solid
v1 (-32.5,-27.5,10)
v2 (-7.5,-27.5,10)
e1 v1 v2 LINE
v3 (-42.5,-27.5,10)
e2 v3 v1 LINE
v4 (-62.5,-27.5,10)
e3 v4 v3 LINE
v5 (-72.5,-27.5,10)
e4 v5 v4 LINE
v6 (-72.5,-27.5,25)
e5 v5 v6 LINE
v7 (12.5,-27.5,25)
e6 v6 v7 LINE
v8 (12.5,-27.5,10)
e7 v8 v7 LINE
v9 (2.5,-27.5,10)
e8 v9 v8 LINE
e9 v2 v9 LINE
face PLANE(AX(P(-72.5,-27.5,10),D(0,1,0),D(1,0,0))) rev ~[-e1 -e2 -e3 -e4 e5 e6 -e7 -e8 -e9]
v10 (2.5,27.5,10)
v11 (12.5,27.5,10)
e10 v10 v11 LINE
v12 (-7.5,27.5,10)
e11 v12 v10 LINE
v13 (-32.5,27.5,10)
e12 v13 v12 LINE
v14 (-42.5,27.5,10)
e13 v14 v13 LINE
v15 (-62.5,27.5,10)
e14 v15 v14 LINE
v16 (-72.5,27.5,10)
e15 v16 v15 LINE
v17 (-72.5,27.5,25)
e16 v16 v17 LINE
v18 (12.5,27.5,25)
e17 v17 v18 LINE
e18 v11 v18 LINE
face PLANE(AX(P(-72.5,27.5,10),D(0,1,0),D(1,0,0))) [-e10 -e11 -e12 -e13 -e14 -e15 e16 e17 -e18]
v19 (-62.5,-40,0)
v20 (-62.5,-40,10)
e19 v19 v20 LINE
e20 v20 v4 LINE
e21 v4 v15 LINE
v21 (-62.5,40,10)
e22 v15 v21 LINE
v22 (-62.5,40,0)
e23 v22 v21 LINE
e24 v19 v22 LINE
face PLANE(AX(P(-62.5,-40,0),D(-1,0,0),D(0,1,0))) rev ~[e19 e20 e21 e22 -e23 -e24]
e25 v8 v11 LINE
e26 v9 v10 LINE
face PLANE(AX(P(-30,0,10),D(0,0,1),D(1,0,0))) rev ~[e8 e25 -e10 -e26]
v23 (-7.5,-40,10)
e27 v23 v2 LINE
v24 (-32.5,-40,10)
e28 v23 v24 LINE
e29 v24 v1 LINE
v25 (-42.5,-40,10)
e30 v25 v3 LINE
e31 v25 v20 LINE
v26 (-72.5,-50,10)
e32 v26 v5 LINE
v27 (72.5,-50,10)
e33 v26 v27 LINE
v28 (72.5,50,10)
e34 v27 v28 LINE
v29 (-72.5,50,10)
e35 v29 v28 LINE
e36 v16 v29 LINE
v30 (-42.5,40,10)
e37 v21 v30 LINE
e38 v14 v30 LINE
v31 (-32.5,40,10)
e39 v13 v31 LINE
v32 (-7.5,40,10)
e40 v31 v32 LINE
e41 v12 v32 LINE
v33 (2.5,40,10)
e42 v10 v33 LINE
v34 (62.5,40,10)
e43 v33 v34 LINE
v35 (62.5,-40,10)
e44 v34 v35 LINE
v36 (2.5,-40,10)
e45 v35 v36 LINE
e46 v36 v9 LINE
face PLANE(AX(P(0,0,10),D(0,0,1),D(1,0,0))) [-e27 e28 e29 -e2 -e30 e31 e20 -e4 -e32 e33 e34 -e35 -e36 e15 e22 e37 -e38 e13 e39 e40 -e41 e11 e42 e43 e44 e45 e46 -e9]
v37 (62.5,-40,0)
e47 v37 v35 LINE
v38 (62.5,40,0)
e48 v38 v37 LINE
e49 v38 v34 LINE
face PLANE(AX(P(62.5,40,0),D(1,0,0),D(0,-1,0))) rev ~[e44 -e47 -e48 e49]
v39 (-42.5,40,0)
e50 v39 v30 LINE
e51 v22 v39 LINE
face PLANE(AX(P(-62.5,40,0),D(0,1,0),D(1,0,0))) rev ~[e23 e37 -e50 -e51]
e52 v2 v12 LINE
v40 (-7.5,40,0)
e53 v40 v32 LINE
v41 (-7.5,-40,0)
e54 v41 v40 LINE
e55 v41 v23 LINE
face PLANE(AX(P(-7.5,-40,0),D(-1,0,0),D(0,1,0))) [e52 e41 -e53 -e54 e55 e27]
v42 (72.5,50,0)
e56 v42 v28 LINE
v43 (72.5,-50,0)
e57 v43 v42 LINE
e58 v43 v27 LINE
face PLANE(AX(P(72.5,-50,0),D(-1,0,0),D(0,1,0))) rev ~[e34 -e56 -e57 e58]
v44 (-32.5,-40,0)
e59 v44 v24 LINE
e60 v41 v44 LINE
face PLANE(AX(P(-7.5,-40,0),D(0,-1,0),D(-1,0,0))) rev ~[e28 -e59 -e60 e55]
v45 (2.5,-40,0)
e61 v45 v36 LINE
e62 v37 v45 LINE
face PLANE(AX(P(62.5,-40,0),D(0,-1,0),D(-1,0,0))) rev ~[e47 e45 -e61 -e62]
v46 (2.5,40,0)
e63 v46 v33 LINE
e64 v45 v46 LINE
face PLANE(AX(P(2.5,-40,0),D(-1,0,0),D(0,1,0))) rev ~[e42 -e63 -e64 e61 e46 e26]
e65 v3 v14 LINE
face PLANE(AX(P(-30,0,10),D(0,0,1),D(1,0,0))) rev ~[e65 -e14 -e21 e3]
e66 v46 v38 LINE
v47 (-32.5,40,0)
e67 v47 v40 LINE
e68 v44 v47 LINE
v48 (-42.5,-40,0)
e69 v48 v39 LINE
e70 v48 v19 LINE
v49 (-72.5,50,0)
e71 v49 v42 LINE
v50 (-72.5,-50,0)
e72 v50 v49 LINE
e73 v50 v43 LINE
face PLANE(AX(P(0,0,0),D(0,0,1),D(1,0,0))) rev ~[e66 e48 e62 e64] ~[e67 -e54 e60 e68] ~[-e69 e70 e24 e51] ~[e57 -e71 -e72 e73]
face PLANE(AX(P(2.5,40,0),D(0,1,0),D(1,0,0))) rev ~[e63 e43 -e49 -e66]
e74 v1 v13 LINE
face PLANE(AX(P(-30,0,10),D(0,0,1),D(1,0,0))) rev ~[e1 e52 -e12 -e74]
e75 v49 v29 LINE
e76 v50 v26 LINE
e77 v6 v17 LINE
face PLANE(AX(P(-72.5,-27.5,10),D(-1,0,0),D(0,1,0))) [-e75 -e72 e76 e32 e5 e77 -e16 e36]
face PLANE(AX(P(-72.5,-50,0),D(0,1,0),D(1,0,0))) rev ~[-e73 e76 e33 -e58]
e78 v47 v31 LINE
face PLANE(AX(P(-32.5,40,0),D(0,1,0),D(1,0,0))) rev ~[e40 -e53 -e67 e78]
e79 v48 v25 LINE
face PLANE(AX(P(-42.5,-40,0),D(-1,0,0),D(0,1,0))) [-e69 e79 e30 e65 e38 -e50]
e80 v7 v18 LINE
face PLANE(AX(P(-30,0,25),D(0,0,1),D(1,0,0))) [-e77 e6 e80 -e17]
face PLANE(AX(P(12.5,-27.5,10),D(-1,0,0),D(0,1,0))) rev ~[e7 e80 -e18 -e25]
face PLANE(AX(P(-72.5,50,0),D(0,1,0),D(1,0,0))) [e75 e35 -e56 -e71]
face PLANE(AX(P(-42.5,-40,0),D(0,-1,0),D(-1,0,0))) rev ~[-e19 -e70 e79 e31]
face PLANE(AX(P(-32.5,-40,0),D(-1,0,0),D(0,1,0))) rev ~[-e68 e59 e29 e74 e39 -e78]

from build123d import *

# Parameters (mm, degrees)
F0_W     = 145
F0_H     = 100
F0_W_2   = 10
F0_H_2   = 80
F1_DEPTH = 10
F2_W     = 85
F2_H     = 55
F3_DEPTH = 15


with BuildPart() as f1:
    # F0 (on Top) → F1 (new body)
    with BuildSketch(Plane.XY):
        Rectangle(F0_W, F0_H)
        Polygon((-62.5, -40), (-62.5, 40), (-42.5, 40), (-32.5, 40), (-7.5, 40), (2.5, 40), (62.5, 40), (62.5, -40), (2.5, -40), (-7.5, -40), (-32.5, -40), (-42.5, -40), align=None, mode=Mode.SUBTRACT)
        with Locations((-37.5, 0)):
            Rectangle(F0_W_2, F0_H_2)
        with Locations((-2.5, 0)):
            Rectangle(F0_W_2, F0_H_2)
    extrude(amount=F1_DEPTH)

    # F2 (on face) → F3 (join)
    with BuildSketch(Plane.XY.offset(10)):
        with Locations((-30, 0)):
            Rectangle(F2_W, F2_H)
    extrude(amount=F3_DEPTH)


solid = f1.part
